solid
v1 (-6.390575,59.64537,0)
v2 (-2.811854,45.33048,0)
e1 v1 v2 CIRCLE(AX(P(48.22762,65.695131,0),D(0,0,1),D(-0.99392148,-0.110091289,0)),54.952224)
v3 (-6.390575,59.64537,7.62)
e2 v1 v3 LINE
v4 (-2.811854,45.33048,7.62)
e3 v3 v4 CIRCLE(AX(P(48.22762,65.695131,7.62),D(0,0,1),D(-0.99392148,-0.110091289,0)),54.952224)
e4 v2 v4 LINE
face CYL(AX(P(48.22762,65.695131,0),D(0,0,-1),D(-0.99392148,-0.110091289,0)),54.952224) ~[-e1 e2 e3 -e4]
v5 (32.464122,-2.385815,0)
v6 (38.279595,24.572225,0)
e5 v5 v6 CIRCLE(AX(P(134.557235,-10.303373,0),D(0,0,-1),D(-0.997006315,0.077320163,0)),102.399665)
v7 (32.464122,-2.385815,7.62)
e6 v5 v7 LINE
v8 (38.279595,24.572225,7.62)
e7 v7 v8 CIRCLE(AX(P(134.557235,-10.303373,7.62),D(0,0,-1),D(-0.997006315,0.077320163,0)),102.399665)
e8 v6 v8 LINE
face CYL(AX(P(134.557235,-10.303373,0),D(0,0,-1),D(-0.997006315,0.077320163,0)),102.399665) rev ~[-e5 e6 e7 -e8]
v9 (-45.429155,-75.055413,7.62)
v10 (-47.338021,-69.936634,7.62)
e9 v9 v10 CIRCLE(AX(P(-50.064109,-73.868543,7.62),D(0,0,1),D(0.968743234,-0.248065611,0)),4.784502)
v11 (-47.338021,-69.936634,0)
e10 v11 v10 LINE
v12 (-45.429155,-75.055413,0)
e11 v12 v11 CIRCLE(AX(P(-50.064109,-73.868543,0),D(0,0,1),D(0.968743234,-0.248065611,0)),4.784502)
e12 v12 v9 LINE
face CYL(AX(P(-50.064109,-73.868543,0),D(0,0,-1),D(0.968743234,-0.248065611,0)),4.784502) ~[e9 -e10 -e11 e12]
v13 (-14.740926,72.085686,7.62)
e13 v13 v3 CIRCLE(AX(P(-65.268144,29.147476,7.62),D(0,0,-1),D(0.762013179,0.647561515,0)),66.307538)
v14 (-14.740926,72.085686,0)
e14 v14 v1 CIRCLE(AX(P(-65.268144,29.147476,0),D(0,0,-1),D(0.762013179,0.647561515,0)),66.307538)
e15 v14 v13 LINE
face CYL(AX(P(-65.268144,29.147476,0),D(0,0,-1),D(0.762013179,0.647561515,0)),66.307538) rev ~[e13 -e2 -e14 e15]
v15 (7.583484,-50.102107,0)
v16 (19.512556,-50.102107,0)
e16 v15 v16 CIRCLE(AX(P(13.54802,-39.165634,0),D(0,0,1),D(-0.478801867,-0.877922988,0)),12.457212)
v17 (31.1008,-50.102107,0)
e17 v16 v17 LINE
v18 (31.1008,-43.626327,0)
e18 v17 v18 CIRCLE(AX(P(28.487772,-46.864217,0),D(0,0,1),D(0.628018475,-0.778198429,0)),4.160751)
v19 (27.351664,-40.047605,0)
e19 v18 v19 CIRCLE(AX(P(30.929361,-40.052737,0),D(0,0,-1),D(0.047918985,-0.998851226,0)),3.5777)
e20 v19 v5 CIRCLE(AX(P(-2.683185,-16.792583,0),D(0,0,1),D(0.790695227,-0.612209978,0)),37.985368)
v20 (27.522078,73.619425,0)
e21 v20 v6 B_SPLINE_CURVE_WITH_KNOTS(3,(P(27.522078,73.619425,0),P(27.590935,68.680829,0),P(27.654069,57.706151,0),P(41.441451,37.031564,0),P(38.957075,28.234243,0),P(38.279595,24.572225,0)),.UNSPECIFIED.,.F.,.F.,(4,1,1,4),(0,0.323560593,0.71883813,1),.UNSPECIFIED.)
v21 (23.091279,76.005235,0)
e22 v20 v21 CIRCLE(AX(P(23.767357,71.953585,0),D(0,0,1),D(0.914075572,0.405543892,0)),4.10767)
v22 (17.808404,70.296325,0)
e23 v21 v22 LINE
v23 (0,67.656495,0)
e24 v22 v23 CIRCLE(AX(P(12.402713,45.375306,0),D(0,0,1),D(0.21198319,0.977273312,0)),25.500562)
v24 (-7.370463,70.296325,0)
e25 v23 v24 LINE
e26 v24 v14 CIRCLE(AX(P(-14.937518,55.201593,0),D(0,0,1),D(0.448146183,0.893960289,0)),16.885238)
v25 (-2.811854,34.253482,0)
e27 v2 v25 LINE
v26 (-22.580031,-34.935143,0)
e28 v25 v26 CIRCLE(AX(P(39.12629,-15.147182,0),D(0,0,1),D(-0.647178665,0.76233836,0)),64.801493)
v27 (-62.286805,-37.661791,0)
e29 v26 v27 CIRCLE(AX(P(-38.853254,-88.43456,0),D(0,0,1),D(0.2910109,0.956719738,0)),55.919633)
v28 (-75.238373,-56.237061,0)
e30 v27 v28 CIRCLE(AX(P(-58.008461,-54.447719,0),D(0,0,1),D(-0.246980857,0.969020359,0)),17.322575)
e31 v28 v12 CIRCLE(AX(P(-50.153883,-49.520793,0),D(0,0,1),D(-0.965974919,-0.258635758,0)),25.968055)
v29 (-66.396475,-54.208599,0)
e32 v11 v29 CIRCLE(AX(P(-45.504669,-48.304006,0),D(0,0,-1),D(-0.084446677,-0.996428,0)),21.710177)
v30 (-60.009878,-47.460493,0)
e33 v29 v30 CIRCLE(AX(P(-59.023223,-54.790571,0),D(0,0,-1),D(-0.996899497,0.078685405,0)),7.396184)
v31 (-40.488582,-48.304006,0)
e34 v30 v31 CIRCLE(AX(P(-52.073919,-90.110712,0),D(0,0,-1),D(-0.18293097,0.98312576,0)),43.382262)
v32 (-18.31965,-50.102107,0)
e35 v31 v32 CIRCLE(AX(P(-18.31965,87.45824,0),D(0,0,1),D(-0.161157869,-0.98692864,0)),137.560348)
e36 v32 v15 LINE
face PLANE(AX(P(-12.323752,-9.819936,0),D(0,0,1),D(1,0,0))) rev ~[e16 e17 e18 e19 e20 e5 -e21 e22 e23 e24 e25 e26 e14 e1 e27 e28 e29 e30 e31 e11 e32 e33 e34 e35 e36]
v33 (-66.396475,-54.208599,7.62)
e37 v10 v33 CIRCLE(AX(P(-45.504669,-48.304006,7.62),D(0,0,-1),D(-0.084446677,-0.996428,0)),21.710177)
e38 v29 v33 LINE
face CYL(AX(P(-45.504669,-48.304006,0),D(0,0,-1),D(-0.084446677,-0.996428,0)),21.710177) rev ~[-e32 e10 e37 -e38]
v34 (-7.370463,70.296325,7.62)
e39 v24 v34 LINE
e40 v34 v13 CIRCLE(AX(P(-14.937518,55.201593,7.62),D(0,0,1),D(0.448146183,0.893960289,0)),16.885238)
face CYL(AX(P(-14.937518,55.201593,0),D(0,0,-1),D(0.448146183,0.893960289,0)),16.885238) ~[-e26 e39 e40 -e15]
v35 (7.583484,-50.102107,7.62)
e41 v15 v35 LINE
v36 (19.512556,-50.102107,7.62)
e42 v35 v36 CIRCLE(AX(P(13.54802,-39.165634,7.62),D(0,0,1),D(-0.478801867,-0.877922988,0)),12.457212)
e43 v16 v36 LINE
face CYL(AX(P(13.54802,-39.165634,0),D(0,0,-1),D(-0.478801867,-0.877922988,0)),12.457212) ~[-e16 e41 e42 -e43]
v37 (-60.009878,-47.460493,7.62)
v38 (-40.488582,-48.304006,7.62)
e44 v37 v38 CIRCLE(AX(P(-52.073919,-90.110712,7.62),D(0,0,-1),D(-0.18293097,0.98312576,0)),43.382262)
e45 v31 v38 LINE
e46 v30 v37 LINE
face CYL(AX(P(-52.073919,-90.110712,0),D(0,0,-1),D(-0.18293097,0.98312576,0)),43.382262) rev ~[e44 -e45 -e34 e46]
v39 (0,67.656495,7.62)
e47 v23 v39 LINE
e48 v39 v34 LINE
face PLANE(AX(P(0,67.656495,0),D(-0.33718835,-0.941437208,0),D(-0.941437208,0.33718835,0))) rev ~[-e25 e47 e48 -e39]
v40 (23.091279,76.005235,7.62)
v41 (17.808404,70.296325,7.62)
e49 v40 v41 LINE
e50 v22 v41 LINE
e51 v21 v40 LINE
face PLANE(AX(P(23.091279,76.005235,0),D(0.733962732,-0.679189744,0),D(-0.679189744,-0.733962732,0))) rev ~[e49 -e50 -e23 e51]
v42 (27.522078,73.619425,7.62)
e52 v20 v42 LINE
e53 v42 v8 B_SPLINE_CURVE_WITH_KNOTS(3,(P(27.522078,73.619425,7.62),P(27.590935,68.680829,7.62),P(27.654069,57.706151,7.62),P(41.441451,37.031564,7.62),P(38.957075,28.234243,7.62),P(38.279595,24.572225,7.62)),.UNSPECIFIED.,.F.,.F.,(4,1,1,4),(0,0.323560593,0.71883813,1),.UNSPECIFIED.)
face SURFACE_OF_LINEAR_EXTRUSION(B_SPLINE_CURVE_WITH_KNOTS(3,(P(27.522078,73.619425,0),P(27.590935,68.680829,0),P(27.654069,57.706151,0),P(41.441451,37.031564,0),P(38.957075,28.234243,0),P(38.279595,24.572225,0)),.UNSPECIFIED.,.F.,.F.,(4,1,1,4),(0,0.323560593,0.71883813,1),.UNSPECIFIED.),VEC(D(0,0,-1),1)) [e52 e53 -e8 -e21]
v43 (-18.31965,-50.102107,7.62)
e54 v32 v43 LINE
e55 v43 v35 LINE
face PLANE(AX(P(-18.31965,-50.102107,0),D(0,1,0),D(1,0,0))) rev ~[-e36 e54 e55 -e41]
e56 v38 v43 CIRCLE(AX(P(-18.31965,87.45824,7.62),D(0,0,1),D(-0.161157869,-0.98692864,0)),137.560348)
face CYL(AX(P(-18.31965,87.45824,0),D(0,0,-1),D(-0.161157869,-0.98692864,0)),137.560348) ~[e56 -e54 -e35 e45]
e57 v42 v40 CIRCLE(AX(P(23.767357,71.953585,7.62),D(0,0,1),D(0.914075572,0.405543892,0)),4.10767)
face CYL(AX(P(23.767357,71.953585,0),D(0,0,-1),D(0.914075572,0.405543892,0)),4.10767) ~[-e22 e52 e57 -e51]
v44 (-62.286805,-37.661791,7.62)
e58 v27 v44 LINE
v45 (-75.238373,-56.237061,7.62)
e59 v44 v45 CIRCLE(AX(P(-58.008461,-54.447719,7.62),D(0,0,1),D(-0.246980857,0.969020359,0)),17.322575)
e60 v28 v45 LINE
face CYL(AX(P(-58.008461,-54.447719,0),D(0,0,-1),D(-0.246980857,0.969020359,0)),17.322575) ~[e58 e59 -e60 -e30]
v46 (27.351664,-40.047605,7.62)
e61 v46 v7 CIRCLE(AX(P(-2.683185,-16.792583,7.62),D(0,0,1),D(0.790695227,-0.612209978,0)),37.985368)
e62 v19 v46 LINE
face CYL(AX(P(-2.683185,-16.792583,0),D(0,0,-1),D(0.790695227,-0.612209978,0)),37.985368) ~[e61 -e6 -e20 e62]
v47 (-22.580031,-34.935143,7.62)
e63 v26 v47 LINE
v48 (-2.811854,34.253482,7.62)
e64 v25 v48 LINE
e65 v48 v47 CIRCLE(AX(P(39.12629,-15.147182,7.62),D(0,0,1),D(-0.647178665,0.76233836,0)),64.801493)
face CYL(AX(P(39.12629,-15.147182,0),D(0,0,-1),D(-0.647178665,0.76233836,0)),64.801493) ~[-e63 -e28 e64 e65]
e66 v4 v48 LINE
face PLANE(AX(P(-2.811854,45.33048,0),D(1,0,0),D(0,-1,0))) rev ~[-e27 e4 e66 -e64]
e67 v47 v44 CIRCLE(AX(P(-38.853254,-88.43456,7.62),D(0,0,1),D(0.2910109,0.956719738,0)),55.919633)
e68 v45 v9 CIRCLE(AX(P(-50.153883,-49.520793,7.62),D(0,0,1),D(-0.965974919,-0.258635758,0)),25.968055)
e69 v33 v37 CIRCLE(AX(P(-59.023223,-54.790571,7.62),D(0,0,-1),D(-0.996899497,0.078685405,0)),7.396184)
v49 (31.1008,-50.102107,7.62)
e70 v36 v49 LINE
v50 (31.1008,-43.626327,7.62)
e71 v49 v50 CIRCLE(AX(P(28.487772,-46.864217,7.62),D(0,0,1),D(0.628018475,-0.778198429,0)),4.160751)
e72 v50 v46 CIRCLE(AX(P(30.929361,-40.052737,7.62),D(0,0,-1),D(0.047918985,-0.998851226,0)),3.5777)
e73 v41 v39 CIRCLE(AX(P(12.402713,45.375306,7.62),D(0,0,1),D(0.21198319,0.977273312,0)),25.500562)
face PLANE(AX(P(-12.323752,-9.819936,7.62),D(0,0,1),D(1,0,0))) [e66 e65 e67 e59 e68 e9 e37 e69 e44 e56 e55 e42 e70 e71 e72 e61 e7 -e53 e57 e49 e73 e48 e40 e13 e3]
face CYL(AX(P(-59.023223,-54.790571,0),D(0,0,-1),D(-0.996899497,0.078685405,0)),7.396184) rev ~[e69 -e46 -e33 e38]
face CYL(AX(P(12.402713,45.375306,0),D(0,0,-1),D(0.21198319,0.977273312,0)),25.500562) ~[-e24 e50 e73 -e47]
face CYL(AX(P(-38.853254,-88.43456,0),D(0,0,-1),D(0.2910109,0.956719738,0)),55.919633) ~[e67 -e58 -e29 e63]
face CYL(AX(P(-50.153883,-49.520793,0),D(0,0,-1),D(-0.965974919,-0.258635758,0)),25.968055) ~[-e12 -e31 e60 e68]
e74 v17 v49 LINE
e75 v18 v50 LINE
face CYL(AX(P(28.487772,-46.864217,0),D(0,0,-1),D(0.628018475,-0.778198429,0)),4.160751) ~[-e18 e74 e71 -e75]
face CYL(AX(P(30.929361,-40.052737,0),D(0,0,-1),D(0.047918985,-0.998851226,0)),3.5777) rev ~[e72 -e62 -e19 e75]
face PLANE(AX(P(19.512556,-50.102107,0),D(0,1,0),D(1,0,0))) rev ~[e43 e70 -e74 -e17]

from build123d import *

# Parameters (mm, degrees)
F1_DEPTH = 7.62


with BuildPart() as f1:
    # F0 (on Top) → F1 (new body)
    with BuildSketch(Plane.XY):
        with BuildLine():
            Line((23.0912789702, 76.0052353144), (17.8084038198, 70.2963247895))
            ThreePointArc((17.8084038198, 70.2963247895), (8.6634944394, 70.6002323484), (0, 67.6564946771))
            Line((0, 67.6564946771), (-7.3704631068, 70.2963247895))
            ThreePointArc((-7.3704631068, 70.2963247895), (-10.9539259189, 71.6101956409), (-14.7409262136, 72.085686028))
            ThreePointArc((-14.7409262136, 72.085686028), (-10.213242371, 66.1021431066), (-6.3905753195, 59.6453696489))
            ThreePointArc((-6.3905753195, 59.6453696489), (-5.0838681181, 52.3672612966), (-2.8118535411, 45.3304797411))
            Line((-2.8118535411, 45.3304797411), (-2.8118535411, 41.7517572641))
            Line((-2.8118535411, 41.7517572641), (-2.8118535411, 34.2534817755))
            ThreePointArc((-2.8118535411, 34.2534817755), (-23.1818973657, 2.6551564858), (-22.5800313056, -34.9351428449))
            ThreePointArc((-22.5800313056, -34.9351428449), (-42.6842106724, -32.6463068594), (-62.2868053615, -37.6617908478))
            ThreePointArc((-62.2868053615, -37.6617908478), (-72.2180153419, -44.540137131), (-75.2383731306, -56.2370605767))
            ThreePointArc((-75.2383731306, -56.2370605767), (-64.0161548515, -71.4793290405), (-45.4291552305, -75.0554129481))
            ThreePointArc((-45.4291552305, -75.0554129481), (-45.5811738976, -72.1967918586), (-47.3380211435, -69.9366343501))
            ThreePointArc((-47.3380211435, -69.9366343501), (-59.3231701644, -65.0485814613), (-66.3964748383, -54.208599031))
            ThreePointArc((-66.3964748383, -54.208599031), (-64.3950240146, -49.7065480026), (-60.0098781288, -47.4604927003))
            ThreePointArc((-60.0098781288, -47.4604927003), (-50.2011220543, -46.7688928413), (-40.4885821044, -48.3040064573))
            ThreePointArc((-40.4885821044, -48.3040064573), (-29.4405166496, -49.6518451362), (-18.3196496218, -50.1021072268))
            Line((-18.3196496218, -50.1021072268), (7.583483588, -50.1021072268))
            ThreePointArc((7.583483588, -50.1021072268), (13.5480200406, -51.6228464718), (19.5125564933, -50.1021072268))
            Line((19.5125564933, -50.1021072268), (31.1008002609, -50.1021072268))
            ThreePointArc((31.1008002609, -50.1021072268), (32.6485228526, -46.8642171472), (31.1008002609, -43.6263270676))
            ThreePointArc((31.1008002609, -43.6263270676), (28.4590448896, -42.6406855761), (27.3516643792, -40.0476045907))
            ThreePointArc((27.3516643792, -40.0476045907), (34.956966389, -21.9021038691), (32.4641223997, -2.3858146742))
            ThreePointArc((32.4641223997, -2.3858146742), (34.4601677821, 11.2898780989), (38.2795948535, 24.5722252876))
            add(Edge.make_bspline(
                [(27.5220777839, 73.6194252968), (27.5909354629, 68.6808290163), (27.6540694888, 57.7061514867), (41.4414505958, 37.0315643617), (38.9570749828, 28.2342427003), (38.2795948535, 24.5722252876)],
                knots=[0, 0, 0, 0, 0.3235605926, 0.7188381297, 1, 1, 1, 1], degree=3))
            ThreePointArc((27.5220777839, 73.6194252968), (25.7147995787, 75.5702711821), (23.0912789702, 76.0052353144))
        make_face()
    extrude(amount=F1_DEPTH)


solid = f1.part
